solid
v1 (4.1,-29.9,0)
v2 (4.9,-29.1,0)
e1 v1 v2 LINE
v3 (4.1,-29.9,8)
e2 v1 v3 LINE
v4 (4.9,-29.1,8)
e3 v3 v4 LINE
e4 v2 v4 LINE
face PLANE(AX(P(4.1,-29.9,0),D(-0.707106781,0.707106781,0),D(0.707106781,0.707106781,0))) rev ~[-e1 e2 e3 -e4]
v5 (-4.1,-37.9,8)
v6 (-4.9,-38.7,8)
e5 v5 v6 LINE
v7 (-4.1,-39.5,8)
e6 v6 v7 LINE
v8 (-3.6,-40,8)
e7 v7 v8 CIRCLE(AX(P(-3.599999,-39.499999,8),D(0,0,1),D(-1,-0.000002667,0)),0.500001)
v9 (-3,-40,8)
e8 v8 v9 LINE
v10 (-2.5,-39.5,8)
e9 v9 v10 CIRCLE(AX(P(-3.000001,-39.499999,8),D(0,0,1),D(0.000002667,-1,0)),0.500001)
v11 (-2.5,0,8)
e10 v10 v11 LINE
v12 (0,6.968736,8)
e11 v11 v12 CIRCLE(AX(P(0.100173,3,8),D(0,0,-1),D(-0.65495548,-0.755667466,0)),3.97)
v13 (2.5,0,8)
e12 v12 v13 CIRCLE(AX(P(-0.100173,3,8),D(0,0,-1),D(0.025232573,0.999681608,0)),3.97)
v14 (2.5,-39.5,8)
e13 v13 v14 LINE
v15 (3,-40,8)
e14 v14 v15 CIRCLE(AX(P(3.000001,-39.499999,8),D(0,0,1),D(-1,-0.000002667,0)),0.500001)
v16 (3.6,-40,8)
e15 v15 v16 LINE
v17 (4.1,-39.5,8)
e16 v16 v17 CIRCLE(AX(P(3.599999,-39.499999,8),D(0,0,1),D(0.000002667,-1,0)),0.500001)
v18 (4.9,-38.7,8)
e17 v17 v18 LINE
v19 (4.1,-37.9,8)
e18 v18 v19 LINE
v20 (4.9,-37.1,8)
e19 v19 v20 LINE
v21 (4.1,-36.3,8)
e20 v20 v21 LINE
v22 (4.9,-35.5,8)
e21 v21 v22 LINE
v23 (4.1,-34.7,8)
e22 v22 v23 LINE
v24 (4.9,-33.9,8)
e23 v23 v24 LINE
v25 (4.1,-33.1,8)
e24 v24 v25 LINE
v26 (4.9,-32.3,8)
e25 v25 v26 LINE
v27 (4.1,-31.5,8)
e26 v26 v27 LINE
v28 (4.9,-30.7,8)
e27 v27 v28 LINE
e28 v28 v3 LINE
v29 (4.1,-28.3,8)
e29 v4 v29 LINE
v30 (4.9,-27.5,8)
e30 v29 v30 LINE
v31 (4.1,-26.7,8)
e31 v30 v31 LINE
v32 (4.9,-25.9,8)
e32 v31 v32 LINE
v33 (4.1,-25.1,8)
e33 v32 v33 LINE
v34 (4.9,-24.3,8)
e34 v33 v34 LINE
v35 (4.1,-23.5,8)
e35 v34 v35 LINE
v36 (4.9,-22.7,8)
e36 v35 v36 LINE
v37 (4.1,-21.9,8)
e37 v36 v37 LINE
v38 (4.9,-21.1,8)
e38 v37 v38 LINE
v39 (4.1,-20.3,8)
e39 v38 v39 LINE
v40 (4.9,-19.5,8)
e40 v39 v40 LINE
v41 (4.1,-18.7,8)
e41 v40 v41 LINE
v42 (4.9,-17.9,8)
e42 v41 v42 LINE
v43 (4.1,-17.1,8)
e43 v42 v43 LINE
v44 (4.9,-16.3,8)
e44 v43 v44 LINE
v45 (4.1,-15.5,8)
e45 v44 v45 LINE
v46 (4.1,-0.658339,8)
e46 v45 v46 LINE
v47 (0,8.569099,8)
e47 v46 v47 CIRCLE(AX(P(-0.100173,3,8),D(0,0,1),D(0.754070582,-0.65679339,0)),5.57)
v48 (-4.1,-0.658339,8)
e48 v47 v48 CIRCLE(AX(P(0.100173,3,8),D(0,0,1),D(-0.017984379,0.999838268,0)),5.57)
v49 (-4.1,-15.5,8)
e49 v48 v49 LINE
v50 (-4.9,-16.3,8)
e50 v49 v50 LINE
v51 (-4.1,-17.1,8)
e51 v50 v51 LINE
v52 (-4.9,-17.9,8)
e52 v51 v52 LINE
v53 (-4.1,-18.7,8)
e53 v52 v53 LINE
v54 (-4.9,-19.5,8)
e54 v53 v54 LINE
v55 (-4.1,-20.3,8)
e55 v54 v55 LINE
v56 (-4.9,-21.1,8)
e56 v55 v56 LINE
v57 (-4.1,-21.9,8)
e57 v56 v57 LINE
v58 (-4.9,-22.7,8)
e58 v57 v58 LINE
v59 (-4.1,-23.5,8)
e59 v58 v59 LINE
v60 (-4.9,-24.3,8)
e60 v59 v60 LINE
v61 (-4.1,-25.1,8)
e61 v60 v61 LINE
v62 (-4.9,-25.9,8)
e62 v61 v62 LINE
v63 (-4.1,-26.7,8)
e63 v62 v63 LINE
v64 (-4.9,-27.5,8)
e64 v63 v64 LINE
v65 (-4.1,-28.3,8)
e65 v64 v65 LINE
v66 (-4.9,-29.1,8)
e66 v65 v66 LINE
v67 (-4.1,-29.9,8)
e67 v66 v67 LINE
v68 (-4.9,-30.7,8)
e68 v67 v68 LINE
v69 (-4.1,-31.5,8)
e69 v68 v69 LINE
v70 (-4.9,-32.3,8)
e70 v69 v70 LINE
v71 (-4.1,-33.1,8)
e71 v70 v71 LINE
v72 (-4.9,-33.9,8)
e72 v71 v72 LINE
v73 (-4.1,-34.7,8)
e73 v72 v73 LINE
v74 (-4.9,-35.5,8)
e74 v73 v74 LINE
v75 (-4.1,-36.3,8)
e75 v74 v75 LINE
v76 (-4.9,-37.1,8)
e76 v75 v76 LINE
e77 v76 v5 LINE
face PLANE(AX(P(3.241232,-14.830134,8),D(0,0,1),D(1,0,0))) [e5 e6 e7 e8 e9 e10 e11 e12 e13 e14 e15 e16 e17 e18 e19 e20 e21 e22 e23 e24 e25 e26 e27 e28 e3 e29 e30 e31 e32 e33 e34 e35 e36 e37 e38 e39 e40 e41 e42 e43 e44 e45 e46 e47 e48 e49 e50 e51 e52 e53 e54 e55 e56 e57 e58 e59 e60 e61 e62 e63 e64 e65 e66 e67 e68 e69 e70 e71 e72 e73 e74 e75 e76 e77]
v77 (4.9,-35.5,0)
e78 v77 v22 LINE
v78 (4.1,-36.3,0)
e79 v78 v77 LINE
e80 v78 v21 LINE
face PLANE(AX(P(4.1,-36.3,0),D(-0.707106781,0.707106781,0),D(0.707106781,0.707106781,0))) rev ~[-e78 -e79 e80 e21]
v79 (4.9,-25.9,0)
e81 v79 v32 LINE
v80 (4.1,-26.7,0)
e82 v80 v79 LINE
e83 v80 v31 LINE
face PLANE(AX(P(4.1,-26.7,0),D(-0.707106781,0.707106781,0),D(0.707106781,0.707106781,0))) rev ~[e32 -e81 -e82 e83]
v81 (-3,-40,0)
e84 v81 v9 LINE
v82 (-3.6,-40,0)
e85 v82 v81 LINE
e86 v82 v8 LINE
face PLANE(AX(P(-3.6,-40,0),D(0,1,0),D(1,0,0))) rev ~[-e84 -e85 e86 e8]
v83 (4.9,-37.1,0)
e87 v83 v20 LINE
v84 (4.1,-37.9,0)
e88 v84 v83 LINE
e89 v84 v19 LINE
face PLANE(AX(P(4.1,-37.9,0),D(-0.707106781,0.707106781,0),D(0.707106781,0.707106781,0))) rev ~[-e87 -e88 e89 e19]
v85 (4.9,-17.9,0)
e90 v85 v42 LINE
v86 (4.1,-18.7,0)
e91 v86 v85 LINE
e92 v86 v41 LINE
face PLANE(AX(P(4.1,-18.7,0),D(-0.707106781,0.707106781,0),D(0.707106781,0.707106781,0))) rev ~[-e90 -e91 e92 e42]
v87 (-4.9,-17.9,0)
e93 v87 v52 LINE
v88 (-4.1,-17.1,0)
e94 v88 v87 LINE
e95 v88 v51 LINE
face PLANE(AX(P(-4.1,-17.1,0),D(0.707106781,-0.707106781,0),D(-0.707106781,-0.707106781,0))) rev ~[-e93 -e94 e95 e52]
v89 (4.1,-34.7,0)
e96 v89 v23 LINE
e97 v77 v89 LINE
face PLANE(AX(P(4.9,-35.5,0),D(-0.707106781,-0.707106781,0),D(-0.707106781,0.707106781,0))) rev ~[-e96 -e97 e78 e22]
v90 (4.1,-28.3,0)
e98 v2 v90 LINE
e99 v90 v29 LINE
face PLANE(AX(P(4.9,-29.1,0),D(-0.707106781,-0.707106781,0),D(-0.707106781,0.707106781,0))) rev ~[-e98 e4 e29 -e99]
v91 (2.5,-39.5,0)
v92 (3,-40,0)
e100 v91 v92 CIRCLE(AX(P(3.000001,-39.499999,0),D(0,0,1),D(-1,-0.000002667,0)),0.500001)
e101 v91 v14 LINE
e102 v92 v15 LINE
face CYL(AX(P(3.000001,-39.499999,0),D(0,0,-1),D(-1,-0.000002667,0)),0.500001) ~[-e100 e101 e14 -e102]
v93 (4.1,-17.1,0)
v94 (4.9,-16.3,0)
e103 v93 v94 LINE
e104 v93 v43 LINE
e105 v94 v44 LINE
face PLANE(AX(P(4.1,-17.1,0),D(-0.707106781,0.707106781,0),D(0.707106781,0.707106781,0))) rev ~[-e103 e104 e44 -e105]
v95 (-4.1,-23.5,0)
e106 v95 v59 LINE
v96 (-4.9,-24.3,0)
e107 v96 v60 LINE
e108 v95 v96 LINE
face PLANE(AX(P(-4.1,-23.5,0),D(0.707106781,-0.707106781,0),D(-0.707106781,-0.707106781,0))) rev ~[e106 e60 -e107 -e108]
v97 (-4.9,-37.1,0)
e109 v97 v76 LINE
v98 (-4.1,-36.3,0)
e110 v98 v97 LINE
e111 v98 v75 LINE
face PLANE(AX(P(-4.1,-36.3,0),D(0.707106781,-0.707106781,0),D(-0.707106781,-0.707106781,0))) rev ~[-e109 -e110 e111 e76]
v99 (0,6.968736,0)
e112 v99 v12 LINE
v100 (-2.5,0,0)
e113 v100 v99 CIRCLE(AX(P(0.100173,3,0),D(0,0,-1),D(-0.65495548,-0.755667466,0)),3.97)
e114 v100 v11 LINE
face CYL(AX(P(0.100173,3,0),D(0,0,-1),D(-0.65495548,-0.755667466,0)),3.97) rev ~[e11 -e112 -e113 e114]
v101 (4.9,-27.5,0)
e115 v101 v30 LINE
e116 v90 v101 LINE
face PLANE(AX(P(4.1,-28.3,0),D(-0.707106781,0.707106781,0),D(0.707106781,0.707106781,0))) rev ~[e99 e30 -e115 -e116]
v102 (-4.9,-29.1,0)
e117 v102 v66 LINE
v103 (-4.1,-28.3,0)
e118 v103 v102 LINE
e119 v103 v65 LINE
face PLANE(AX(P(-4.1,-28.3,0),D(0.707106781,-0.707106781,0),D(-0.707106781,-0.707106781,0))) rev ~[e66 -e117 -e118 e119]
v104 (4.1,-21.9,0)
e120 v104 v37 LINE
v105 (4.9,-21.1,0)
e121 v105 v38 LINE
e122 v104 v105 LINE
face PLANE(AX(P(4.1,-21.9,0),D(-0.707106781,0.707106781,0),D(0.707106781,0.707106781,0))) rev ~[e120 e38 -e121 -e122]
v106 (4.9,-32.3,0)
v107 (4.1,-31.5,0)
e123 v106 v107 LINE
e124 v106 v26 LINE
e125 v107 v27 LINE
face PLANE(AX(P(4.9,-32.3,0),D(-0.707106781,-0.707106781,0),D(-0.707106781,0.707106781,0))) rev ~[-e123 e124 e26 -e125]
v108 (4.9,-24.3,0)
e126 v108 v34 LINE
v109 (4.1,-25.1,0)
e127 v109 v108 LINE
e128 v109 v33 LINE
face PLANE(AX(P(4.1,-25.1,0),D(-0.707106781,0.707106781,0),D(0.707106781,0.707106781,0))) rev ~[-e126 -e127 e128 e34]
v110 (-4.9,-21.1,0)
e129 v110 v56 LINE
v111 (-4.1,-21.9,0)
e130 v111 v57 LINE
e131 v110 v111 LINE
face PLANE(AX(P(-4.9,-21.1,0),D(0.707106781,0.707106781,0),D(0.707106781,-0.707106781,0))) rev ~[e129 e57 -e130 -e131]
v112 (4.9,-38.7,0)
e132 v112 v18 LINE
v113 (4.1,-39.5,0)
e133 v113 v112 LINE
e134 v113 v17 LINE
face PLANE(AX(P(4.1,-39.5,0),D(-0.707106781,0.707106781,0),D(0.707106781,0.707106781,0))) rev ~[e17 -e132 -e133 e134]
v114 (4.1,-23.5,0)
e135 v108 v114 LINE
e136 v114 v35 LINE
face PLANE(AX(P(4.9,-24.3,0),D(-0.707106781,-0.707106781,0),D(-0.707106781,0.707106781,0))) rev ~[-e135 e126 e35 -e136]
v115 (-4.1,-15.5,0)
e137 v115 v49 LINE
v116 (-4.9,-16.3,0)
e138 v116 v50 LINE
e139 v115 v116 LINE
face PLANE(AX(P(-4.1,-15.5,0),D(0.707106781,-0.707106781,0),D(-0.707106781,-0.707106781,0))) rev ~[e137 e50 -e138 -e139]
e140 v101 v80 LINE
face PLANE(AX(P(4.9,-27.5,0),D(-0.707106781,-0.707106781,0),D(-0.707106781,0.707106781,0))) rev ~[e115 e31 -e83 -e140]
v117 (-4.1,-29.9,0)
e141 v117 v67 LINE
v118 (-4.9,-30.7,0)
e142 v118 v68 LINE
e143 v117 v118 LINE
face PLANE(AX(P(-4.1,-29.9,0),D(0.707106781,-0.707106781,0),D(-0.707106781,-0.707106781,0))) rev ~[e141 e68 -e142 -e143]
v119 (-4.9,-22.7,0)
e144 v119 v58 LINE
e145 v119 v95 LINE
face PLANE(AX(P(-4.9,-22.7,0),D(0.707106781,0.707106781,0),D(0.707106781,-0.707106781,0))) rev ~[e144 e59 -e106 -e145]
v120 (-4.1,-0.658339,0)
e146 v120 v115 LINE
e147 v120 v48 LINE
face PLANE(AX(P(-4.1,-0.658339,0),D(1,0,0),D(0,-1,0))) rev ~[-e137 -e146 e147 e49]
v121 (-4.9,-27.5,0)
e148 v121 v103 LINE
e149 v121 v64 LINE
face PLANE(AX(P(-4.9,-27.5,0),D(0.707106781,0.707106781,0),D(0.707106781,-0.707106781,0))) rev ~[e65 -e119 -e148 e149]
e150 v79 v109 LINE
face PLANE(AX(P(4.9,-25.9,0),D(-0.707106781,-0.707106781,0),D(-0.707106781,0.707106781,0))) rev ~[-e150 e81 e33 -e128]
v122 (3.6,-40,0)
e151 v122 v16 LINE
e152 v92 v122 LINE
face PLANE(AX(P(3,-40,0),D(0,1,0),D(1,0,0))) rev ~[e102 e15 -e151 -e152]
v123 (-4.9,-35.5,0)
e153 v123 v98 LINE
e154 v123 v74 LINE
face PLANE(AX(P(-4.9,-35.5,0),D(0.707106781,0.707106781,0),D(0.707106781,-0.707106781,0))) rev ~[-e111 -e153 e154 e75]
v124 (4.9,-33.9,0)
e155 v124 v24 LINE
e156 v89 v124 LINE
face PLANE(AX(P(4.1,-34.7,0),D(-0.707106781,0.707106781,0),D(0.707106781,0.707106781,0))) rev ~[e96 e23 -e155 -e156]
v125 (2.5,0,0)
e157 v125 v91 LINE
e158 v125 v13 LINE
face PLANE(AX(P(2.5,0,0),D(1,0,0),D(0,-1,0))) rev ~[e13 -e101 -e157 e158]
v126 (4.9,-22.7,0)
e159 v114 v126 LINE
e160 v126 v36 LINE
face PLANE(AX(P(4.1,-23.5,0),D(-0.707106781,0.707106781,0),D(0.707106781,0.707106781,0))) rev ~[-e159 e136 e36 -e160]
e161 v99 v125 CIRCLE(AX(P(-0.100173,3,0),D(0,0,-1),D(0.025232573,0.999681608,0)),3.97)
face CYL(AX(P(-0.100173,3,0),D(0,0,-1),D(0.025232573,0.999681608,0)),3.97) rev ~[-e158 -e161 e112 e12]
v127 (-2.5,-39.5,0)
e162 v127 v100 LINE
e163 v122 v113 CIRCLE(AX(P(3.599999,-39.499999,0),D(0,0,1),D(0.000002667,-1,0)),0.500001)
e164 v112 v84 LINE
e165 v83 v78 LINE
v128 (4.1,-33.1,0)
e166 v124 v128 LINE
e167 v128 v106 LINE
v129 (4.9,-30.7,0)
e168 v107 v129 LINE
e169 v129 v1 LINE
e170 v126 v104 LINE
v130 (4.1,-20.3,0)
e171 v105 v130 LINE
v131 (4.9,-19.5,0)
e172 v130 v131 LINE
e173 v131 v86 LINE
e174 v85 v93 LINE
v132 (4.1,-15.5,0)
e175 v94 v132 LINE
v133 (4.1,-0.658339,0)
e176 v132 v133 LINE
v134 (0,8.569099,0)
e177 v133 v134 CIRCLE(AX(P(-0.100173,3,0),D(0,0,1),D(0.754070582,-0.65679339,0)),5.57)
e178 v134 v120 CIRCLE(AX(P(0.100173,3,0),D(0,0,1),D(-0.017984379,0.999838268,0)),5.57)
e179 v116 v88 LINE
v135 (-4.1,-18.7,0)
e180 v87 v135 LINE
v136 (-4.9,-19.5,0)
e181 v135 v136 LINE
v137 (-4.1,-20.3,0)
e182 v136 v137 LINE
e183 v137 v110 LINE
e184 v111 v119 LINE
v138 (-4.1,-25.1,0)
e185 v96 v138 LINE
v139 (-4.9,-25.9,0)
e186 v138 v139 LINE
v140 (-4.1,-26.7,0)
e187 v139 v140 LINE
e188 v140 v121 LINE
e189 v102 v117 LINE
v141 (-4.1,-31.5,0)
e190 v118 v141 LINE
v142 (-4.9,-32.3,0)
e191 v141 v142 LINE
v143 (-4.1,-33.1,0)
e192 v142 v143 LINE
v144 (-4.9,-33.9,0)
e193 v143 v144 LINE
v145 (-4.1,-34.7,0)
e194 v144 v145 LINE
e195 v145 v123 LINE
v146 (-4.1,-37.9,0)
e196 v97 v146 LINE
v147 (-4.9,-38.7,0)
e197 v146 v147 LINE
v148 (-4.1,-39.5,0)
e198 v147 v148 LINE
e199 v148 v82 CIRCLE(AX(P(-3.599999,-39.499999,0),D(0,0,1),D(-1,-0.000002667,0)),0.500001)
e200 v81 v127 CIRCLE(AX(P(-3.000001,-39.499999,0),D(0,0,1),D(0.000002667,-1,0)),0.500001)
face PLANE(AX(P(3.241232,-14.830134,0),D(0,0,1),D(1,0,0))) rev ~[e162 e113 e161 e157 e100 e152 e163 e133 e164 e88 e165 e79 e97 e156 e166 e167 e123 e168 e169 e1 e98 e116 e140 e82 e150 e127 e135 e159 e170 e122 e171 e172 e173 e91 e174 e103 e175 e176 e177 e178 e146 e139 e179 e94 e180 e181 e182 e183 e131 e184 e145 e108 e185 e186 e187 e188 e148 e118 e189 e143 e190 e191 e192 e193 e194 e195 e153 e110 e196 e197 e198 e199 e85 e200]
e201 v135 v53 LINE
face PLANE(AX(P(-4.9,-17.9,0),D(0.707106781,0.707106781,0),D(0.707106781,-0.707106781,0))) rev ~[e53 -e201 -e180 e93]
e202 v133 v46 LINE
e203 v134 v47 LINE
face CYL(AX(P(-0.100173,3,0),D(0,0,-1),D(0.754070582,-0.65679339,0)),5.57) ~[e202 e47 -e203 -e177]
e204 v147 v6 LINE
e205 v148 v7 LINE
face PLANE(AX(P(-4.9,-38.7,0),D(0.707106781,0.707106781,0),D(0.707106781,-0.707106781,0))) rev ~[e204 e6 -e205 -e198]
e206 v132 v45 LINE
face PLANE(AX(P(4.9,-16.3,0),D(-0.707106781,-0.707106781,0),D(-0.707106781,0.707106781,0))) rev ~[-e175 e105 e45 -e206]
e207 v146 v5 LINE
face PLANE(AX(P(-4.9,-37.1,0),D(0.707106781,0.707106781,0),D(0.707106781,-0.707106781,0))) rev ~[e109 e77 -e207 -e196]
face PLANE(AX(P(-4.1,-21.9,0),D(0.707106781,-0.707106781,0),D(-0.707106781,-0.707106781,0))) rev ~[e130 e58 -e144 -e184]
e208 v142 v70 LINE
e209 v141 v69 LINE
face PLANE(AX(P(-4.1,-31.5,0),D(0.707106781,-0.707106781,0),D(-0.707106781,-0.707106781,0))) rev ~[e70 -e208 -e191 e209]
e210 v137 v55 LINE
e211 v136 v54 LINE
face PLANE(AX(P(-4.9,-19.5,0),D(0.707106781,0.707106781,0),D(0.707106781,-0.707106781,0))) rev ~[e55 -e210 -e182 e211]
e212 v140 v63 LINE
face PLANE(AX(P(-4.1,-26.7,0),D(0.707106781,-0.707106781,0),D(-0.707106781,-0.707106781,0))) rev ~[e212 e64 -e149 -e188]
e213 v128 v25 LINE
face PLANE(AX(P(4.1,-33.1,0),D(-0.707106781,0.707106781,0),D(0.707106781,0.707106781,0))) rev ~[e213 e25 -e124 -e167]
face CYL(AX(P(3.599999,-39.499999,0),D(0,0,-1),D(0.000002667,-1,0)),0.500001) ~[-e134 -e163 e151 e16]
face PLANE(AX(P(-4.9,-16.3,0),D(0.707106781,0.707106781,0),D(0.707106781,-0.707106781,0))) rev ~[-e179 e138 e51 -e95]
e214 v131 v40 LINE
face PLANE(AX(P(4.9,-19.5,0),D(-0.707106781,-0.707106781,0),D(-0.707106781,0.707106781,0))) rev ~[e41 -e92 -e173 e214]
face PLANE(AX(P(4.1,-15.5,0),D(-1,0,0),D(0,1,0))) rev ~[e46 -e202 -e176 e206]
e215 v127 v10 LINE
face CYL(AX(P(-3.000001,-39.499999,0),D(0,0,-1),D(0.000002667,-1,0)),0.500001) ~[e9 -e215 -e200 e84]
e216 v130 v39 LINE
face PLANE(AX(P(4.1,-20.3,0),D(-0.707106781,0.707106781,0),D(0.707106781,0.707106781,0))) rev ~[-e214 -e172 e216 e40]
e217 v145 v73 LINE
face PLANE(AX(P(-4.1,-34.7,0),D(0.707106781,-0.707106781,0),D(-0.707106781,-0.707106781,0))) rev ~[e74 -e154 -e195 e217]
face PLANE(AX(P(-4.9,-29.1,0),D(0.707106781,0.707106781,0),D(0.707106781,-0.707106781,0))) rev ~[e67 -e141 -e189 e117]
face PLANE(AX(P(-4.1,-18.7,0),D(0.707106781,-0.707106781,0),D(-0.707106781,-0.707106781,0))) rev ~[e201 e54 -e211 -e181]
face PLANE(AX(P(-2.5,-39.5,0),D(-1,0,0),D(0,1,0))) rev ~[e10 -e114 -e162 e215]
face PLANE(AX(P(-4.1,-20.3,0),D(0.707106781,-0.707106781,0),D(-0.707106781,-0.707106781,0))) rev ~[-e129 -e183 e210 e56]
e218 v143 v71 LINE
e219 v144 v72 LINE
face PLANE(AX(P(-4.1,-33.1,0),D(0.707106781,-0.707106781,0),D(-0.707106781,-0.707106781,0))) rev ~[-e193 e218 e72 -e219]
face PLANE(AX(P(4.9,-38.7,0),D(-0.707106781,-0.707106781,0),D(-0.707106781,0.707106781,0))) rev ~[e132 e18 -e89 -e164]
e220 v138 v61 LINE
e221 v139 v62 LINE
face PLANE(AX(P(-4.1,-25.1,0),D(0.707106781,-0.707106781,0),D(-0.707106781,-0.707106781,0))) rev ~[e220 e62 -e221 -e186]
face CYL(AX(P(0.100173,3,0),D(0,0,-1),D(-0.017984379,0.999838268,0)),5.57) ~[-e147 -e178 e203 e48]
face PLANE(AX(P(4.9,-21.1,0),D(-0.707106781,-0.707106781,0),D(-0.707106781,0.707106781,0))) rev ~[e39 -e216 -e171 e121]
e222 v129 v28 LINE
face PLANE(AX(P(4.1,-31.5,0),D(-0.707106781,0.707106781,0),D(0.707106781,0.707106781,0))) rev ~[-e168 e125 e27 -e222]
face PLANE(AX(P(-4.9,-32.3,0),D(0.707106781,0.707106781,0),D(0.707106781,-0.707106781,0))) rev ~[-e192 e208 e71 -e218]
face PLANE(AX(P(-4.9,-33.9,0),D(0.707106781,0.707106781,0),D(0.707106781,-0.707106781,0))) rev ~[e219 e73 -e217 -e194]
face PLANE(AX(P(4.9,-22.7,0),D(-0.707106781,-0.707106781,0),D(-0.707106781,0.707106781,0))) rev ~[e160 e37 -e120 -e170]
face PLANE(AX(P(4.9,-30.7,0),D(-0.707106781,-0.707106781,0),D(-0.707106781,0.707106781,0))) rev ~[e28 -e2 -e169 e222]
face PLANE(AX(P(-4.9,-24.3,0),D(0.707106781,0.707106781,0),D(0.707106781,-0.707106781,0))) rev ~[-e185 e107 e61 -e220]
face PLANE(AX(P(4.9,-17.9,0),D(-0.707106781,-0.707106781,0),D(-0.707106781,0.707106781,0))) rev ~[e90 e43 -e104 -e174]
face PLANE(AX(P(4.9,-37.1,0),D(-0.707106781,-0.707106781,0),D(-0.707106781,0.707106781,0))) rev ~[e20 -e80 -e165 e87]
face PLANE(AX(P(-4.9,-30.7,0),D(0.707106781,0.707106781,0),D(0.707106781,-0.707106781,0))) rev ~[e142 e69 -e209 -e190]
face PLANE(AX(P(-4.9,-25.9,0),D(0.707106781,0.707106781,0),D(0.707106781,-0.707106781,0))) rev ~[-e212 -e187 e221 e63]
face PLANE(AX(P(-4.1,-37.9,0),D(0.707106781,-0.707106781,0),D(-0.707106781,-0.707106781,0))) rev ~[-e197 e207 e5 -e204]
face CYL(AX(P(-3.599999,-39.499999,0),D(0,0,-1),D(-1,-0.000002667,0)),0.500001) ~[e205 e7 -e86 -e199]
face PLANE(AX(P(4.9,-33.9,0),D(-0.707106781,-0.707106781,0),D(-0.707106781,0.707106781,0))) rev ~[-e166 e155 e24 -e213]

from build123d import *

# Parameters (mm, degrees)
F1_DEPTH = 8


with BuildPart() as f1:
    # F0 (on Top) → F1 (new body)
    with BuildSketch(Plane.XY):
        with BuildLine():
            ThreePointArc((0, 6.968736), (3.636642, 4.340564), (2.5, 0))
            Line((2.5, 0), (2.5, -39.5))
            ThreePointArc((2.5, -39.5), (2.646447, -39.853553), (3, -40))
            Line((3, -40), (3.6, -40))
            ThreePointArc((3.6, -40), (3.953553, -39.853553), (4.1, -39.5))
            Line((4.1, -39.5), (4.1, -37.9))
            Line((4.1, -37.9), (4.1, -36.3))
            Line((4.1, -36.3), (4.1, -34.7))
            Line((4.1, -34.7), (4.1, -33.1))
            Line((4.1, -33.1), (4.1, -31.5))
            Line((4.1, -31.5), (4.1, -29.9))
            Line((4.1, -29.9), (4.1, -28.3))
            Line((4.1, -28.3), (4.1, -26.7))
            Line((4.1, -26.7), (4.1, -25.1))
            Line((4.1, -25.1), (4.1, -23.5))
            Line((4.1, -23.5), (4.1, -21.9))
            Line((4.1, -21.9), (4.1, -20.3))
            Line((4.1, -20.3), (4.1, -18.7))
            Line((4.1, -18.7), (4.1, -17.1))
            Line((4.1, -17.1), (4.1, -15.5))
            Line((4.1, -15.5), (4.1, -0.658339))
            ThreePointArc((4.1, -0.658339), (4.989979, 5.261692), (0, 8.569099))
            Line((0, 8.569099), (0, 6.968736))
        make_face()
        with BuildLine():
            ThreePointArc((-2.5, 0), (-3.636642, 4.340564), (0, 6.968736))
            Line((0, 6.968736), (0, 8.569099))
            ThreePointArc((0, 8.569099), (-4.989979, 5.261692), (-4.1, -0.658339))
            Line((-4.1, -0.658339), (-4.1, -15.5))
            Line((-4.1, -15.5), (-4.1, -17.1))
            Line((-4.1, -17.1), (-4.1, -18.7))
            Line((-4.1, -18.7), (-4.1, -20.3))
            Line((-4.1, -20.3), (-4.1, -21.9))
            Line((-4.1, -21.9), (-4.1, -23.5))
            Line((-4.1, -23.5), (-4.1, -25.1))
            Line((-4.1, -25.1), (-4.1, -26.7))
            Line((-4.1, -26.7), (-4.1, -28.3))
            Line((-4.1, -28.3), (-4.1, -29.9))
            Line((-4.1, -29.9), (-4.1, -31.5))
            Line((-4.1, -31.5), (-4.1, -33.1))
            Line((-4.1, -33.1), (-4.1, -34.7))
            Line((-4.1, -34.7), (-4.1, -36.3))
            Line((-4.1, -36.3), (-4.1, -37.9))
            Line((-4.1, -37.9), (-4.1, -39.5))
            ThreePointArc((-4.1, -39.5), (-3.953553, -39.853553), (-3.6, -40))
            Line((-3.6, -40), (-3, -40))
            ThreePointArc((-3, -40), (-2.646447, -39.853553), (-2.5, -39.5))
            Line((-2.5, -39.5), (-2.5, 0))
        make_face()
        Polygon((4.9, -16.3), (4.1, -15.5), (4.1, -17.1), align=None)
        Polygon((-4.1, -17.1), (-4.1, -15.5), (-4.9, -16.3), align=None)
        Polygon((4.1, -37.9), (4.1, -39.5), (4.9, -38.7), align=None)
        Polygon((4.9, -17.9), (4.1, -17.1), (4.1, -18.7), align=None)
        Polygon((-4.1, -18.7), (-4.1, -17.1), (-4.9, -17.9), align=None)
        Polygon((4.1, -36.3), (4.1, -37.9), (4.9, -37.1), align=None)
        Polygon((4.9, -19.5), (4.1, -18.7), (4.1, -20.3), align=None)
        Polygon((-4.1, -20.3), (-4.1, -18.7), (-4.9, -19.5), align=None)
        Polygon((-4.9, -38.7), (-4.1, -39.5), (-4.1, -37.9), align=None)
        Polygon((4.1, -34.7), (4.1, -36.3), (4.9, -35.5), align=None)
        Polygon((4.9, -21.1), (4.1, -20.3), (4.1, -21.9), align=None)
        Polygon((-4.1, -21.9), (-4.1, -20.3), (-4.9, -21.1), align=None)
        Polygon((-4.9, -37.1), (-4.1, -37.9), (-4.1, -36.3), align=None)
        Polygon((4.1, -33.1), (4.1, -34.7), (4.9, -33.9), align=None)
        Polygon((4.9, -22.7), (4.1, -21.9), (4.1, -23.5), align=None)
        Polygon((-4.1, -23.5), (-4.1, -21.9), (-4.9, -22.7), align=None)
        Polygon((-4.9, -35.5), (-4.1, -36.3), (-4.1, -34.7), align=None)
        Polygon((4.1, -31.5), (4.1, -33.1), (4.9, -32.3), align=None)
        Polygon((4.9, -24.3), (4.1, -23.5), (4.1, -25.1), align=None)
        Polygon((-4.1, -25.1), (-4.1, -23.5), (-4.9, -24.3), align=None)
        Polygon((-4.9, -33.9), (-4.1, -34.7), (-4.1, -33.1), align=None)
        Polygon((4.1, -29.9), (4.1, -31.5), (4.9, -30.7), align=None)
        Polygon((4.9, -25.9), (4.1, -25.1), (4.1, -26.7), align=None)
        Polygon((-4.1, -26.7), (-4.1, -25.1), (-4.9, -25.9), align=None)
        Polygon((-4.9, -32.3), (-4.1, -33.1), (-4.1, -31.5), align=None)
        Polygon((4.1, -28.3), (4.1, -29.9), (4.9, -29.1), align=None)
        Polygon((4.9, -27.5), (4.1, -26.7), (4.1, -28.3), align=None)
        Polygon((-4.1, -28.3), (-4.1, -26.7), (-4.9, -27.5), align=None)
        Polygon((-4.9, -30.7), (-4.1, -31.5), (-4.1, -29.9), align=None)
        Polygon((-4.1, -29.9), (-4.1, -28.3), (-4.9, -29.1), align=None)
    extrude(amount=F1_DEPTH)


solid = f1.part
